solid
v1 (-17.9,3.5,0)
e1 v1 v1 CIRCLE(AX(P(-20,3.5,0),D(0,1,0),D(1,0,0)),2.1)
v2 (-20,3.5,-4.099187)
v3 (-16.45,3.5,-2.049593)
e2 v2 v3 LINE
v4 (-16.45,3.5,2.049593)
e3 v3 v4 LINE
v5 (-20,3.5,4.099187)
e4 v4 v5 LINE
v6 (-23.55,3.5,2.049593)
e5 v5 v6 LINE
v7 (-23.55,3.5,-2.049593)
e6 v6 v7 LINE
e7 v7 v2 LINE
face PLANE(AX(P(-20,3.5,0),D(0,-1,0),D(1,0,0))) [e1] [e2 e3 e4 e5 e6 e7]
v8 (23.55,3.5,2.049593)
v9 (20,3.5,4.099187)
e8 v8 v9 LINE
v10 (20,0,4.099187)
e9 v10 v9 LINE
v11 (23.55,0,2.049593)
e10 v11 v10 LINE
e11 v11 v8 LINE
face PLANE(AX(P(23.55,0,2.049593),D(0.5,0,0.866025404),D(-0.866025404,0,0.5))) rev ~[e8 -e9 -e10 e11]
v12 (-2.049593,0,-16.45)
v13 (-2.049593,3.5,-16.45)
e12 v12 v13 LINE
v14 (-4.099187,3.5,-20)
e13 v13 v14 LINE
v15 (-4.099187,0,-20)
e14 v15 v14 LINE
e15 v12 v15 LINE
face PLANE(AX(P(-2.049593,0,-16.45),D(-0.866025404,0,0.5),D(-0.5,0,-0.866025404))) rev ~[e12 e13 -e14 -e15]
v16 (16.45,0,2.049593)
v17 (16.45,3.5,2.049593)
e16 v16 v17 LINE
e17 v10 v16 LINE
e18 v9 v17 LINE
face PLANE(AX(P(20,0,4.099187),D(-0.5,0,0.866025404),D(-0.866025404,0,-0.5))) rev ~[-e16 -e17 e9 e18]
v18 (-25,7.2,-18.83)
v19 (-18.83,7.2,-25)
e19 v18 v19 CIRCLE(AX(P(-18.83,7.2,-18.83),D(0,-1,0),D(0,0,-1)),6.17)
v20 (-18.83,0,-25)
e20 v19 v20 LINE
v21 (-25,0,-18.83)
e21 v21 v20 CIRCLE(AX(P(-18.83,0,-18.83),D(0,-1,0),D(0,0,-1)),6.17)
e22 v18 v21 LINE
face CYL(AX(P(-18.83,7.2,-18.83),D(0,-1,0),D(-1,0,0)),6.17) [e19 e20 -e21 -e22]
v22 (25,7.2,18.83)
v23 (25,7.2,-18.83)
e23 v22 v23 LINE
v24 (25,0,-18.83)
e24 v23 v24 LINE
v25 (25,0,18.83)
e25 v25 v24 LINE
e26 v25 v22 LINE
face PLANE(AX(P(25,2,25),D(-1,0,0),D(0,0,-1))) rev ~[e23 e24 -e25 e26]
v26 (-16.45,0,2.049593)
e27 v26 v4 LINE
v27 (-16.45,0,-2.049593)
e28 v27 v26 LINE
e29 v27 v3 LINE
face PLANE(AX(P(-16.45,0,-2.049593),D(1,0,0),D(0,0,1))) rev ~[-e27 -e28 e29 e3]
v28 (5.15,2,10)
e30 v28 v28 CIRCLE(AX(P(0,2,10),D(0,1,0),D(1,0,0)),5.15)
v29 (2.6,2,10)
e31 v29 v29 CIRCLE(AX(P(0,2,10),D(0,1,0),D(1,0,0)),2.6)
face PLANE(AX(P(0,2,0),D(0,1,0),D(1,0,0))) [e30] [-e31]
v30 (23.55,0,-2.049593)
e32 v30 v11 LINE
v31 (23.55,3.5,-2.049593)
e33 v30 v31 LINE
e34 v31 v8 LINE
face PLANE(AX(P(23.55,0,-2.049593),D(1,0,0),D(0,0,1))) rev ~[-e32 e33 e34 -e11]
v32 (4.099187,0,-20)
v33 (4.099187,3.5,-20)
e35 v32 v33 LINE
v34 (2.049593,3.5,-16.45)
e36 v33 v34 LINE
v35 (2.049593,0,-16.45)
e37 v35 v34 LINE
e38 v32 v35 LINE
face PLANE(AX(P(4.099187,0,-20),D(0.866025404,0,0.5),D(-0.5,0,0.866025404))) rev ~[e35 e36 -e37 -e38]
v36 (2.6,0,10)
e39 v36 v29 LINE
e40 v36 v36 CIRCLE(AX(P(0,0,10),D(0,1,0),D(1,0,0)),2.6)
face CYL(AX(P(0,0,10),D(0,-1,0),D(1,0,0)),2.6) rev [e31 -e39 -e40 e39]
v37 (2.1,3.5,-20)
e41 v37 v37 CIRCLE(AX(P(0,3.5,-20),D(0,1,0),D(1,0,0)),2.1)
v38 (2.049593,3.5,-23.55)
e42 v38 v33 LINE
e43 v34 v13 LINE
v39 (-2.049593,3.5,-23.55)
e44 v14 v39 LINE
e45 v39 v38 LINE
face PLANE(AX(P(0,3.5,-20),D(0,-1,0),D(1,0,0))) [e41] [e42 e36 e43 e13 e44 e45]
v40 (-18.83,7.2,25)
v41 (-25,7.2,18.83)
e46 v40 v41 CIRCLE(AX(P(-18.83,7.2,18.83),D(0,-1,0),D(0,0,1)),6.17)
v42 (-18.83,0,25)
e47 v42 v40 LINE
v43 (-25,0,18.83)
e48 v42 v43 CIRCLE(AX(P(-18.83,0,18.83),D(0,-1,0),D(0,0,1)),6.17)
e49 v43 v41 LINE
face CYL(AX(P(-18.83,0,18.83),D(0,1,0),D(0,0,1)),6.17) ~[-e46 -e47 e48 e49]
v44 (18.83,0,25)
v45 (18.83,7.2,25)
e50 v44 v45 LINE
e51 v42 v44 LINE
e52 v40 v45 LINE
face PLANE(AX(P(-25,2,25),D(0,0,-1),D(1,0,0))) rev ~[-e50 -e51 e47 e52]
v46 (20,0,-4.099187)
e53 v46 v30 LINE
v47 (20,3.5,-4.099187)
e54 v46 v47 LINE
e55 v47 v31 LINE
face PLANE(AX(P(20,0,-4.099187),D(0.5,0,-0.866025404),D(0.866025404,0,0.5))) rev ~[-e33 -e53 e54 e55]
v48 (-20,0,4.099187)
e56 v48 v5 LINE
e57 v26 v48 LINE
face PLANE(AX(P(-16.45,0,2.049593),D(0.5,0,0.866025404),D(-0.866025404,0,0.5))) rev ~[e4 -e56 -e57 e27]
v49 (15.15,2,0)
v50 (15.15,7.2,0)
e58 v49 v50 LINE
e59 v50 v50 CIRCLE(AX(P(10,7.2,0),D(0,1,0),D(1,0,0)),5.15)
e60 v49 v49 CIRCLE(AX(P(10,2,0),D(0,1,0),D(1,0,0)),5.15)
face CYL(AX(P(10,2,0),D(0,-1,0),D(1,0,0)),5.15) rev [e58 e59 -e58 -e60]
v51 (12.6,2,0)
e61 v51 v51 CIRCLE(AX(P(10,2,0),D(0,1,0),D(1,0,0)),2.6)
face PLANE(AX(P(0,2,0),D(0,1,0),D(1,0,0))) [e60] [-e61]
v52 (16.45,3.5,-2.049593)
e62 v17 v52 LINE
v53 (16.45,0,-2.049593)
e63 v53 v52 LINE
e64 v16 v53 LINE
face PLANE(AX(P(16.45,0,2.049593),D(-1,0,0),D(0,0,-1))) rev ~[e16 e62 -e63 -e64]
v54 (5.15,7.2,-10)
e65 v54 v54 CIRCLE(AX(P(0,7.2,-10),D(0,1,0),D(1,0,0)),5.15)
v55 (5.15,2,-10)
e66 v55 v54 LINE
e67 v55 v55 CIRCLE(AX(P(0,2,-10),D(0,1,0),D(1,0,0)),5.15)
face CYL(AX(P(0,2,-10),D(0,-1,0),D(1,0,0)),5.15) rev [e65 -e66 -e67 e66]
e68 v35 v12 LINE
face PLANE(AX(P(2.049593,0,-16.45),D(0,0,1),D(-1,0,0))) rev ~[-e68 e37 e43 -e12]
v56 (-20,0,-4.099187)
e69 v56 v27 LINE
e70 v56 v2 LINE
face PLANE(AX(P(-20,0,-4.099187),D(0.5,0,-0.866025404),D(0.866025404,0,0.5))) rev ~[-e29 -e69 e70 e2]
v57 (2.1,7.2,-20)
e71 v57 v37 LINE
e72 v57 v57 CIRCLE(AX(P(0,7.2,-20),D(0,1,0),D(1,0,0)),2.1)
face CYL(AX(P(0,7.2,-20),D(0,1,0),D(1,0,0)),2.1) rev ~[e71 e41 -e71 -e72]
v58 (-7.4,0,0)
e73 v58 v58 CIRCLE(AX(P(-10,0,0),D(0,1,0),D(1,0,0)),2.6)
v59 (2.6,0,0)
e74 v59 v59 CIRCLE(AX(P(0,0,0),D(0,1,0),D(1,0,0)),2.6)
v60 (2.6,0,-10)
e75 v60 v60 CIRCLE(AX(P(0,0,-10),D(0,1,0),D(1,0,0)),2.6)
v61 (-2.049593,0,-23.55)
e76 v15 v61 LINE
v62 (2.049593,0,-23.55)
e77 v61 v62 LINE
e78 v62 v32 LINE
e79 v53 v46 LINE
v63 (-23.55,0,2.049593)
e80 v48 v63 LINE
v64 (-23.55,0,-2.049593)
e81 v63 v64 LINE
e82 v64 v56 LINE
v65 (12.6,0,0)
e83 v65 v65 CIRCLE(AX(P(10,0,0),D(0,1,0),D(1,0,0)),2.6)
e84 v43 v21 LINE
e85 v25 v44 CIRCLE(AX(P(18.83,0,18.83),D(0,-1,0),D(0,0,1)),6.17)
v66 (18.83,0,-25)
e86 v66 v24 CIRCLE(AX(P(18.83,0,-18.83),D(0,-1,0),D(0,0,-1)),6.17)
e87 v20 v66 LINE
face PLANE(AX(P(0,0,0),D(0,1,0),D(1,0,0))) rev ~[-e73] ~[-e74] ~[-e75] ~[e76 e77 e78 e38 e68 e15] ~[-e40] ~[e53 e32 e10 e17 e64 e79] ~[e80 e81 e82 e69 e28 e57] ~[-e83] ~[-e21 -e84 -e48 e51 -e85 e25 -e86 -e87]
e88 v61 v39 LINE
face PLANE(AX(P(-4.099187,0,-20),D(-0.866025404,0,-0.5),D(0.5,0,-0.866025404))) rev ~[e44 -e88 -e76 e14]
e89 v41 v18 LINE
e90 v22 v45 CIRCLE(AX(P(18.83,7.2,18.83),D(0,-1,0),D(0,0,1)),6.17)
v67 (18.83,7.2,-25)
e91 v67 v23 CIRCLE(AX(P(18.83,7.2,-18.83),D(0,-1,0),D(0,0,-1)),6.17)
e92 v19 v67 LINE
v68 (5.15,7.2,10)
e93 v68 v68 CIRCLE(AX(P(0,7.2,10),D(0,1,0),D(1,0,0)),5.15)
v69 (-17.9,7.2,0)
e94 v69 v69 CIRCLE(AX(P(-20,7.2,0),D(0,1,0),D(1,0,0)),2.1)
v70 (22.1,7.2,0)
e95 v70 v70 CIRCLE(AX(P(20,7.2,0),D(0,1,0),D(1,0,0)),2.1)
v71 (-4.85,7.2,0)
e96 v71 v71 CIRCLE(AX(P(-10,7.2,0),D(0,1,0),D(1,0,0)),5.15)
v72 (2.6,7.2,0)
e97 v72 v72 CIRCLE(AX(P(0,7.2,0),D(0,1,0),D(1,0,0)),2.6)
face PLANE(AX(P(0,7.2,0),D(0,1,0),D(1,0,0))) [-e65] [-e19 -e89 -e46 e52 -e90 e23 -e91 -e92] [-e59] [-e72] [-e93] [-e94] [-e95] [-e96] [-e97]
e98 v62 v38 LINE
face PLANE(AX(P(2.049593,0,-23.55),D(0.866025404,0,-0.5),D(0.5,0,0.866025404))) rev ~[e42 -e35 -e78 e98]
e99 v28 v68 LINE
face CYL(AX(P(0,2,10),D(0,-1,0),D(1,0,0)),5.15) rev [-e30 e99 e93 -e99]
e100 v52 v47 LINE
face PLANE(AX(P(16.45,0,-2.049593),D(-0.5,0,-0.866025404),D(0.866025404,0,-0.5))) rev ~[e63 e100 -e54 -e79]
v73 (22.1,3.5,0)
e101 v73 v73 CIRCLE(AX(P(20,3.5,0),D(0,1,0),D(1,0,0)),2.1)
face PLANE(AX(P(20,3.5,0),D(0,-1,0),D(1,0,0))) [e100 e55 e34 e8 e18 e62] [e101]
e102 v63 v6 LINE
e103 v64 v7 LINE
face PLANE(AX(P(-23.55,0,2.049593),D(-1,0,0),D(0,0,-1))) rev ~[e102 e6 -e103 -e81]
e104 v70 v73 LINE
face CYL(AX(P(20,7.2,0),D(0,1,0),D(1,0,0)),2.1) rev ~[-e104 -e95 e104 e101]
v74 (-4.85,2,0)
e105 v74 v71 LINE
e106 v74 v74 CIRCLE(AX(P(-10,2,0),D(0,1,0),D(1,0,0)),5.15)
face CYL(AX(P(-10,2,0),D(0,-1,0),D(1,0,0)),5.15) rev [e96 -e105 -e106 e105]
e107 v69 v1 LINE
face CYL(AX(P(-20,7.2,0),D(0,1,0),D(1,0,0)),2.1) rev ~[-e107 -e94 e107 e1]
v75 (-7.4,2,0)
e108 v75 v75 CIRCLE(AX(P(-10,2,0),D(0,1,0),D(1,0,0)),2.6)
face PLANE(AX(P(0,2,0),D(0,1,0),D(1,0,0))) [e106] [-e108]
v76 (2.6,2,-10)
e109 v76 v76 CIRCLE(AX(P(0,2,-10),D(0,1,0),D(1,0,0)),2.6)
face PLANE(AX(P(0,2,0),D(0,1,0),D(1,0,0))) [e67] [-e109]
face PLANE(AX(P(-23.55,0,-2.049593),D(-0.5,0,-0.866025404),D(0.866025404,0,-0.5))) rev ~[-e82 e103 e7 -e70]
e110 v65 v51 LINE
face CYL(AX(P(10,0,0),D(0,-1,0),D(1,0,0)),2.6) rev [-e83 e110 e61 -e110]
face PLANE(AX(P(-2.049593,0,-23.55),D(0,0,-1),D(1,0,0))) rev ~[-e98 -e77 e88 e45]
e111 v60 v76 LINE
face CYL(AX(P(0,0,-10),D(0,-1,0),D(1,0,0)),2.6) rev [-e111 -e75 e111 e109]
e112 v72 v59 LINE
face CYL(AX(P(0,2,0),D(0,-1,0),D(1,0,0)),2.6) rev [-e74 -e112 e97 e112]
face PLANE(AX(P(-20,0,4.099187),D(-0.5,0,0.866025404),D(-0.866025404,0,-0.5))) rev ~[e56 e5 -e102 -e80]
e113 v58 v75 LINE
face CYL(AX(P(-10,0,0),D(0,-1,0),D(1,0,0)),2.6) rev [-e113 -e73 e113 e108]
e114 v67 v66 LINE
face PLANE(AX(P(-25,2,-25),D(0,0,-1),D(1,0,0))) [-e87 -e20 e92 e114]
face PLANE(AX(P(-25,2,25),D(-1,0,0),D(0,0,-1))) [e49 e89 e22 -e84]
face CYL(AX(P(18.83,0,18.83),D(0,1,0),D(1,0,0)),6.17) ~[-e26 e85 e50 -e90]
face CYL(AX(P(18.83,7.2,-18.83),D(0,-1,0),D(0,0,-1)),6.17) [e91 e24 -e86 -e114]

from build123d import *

# Parameters (mm, degrees)
SKETCH_2_W          = 50
SKETCH_2_H          = 50
SKETCH_2_R          = 2.6
EXTRUDE_1_DEPTH     = 2
SKETCH_3_W          = 50
SKETCH_3_H          = 50
SKETCH_3_R          = 5.15
SKETCH_3_R_2        = 2.6
EXTRUDE_2_DEPTH     = 5.2
SKETCH_4_R          = 2.1
CUT_EXTRUDE_1_DEPTH = 10
CUT_EXTRUDE_2_DEPTH = 3.5
FILLET_1_R          = 6.17
FILLET_2_R          = 6.17
FILLET_3_R          = 6.17
FILLET_4_R          = 6.17


with BuildPart() as part:
    # 스케치2 → 보스-돌출1 (new body)
    with BuildSketch(Plane(origin=(0, 0, 0), x_dir=(1, 0, 0), z_dir=(0, 1, 0))):
        Rectangle(SKETCH_2_W, SKETCH_2_H)
        Circle(SKETCH_2_R, mode=Mode.SUBTRACT)
        with Locations((10, 0)):
            Circle(SKETCH_2_R, mode=Mode.SUBTRACT)
        with Locations((0, -10)):
            Circle(SKETCH_2_R, mode=Mode.SUBTRACT)
        with Locations((-10, 0)):
            Circle(SKETCH_2_R, mode=Mode.SUBTRACT)
        with Locations((0, 10)):
            Circle(SKETCH_2_R, mode=Mode.SUBTRACT)
    extrude(amount=EXTRUDE_1_DEPTH)

    # 스케치3 → 보스-돌출2 (add)
    with BuildSketch(Plane(origin=(0, 2, 0), x_dir=(1, 0, 0), z_dir=(0, 1, 0))):
        Rectangle(SKETCH_3_W, SKETCH_3_H)
        with Locations((0, -10)):
            Circle(SKETCH_3_R, mode=Mode.SUBTRACT)
        with Locations((-10, 0)):
            Circle(SKETCH_3_R, mode=Mode.SUBTRACT)
        Circle(SKETCH_3_R_2, mode=Mode.SUBTRACT)
        with Locations((10, 0)):
            Circle(SKETCH_3_R, mode=Mode.SUBTRACT)
        with Locations((0, 10)):
            Circle(SKETCH_3_R, mode=Mode.SUBTRACT)
    extrude(amount=EXTRUDE_2_DEPTH)

    # 스케치4 → 컷-돌출1 (cut)
    with BuildSketch(Plane(origin=(0, 7.2, 0), x_dir=(1, 0, 0), z_dir=(0, 1, 0))):
        with Locations((20, 0)):
            Circle(SKETCH_4_R)
        with Locations((0, 20)):
            Circle(SKETCH_4_R)
        with Locations((-20, 0)):
            Circle(SKETCH_4_R)
    extrude(amount=-CUT_EXTRUDE_1_DEPTH, mode=Mode.SUBTRACT)

    # 스케치6 → 컷-돌출2 (cut)
    with BuildSketch(Plane.XZ):
        Polygon((-16.45, -2.049593456), (-16.45, 2.049593456), (-20, 4.099186911), (-23.55, 2.049593456), (-23.55, -2.049593456), (-20, -4.099186911), align=None)
        Polygon((2.049593456, -16.45), (-2.049593456, -16.45), (-4.099186911, -20), (-2.049593456, -23.55), (2.049593456, -23.55), (4.099186911, -20), align=None)
        Polygon((16.45, 2.049593456), (16.45, -2.049593456), (20, -4.099186911), (23.55, -2.049593456), (23.55, 2.049593456), (20, 4.099186911), align=None)
    extrude(amount=-CUT_EXTRUDE_2_DEPTH, mode=Mode.SUBTRACT)

    # 필렛1
    fillet_1_edges = [part.edges().sort_by_distance(p)[0] for p in [
        (25, 3.6, -25),
    ]]
    fillet(fillet_1_edges, radius=FILLET_1_R)

    # 필렛2
    fillet_2_edges = [part.edges().sort_by_distance(p)[0] for p in [
        (25, 3.6, 25),
    ]]
    fillet(fillet_2_edges, radius=FILLET_2_R)

    # 필렛3
    fillet_3_edges = [part.edges().sort_by_distance(p)[0] for p in [
        (-25, 3.6, 25),
    ]]
    fillet(fillet_3_edges, radius=FILLET_3_R)

    # 필렛4
    fillet_4_edges = [part.edges().sort_by_distance(p)[0] for p in [
        (-25, 3.6, -25),
    ]]
    fillet(fillet_4_edges, radius=FILLET_4_R)


solid = part.part
